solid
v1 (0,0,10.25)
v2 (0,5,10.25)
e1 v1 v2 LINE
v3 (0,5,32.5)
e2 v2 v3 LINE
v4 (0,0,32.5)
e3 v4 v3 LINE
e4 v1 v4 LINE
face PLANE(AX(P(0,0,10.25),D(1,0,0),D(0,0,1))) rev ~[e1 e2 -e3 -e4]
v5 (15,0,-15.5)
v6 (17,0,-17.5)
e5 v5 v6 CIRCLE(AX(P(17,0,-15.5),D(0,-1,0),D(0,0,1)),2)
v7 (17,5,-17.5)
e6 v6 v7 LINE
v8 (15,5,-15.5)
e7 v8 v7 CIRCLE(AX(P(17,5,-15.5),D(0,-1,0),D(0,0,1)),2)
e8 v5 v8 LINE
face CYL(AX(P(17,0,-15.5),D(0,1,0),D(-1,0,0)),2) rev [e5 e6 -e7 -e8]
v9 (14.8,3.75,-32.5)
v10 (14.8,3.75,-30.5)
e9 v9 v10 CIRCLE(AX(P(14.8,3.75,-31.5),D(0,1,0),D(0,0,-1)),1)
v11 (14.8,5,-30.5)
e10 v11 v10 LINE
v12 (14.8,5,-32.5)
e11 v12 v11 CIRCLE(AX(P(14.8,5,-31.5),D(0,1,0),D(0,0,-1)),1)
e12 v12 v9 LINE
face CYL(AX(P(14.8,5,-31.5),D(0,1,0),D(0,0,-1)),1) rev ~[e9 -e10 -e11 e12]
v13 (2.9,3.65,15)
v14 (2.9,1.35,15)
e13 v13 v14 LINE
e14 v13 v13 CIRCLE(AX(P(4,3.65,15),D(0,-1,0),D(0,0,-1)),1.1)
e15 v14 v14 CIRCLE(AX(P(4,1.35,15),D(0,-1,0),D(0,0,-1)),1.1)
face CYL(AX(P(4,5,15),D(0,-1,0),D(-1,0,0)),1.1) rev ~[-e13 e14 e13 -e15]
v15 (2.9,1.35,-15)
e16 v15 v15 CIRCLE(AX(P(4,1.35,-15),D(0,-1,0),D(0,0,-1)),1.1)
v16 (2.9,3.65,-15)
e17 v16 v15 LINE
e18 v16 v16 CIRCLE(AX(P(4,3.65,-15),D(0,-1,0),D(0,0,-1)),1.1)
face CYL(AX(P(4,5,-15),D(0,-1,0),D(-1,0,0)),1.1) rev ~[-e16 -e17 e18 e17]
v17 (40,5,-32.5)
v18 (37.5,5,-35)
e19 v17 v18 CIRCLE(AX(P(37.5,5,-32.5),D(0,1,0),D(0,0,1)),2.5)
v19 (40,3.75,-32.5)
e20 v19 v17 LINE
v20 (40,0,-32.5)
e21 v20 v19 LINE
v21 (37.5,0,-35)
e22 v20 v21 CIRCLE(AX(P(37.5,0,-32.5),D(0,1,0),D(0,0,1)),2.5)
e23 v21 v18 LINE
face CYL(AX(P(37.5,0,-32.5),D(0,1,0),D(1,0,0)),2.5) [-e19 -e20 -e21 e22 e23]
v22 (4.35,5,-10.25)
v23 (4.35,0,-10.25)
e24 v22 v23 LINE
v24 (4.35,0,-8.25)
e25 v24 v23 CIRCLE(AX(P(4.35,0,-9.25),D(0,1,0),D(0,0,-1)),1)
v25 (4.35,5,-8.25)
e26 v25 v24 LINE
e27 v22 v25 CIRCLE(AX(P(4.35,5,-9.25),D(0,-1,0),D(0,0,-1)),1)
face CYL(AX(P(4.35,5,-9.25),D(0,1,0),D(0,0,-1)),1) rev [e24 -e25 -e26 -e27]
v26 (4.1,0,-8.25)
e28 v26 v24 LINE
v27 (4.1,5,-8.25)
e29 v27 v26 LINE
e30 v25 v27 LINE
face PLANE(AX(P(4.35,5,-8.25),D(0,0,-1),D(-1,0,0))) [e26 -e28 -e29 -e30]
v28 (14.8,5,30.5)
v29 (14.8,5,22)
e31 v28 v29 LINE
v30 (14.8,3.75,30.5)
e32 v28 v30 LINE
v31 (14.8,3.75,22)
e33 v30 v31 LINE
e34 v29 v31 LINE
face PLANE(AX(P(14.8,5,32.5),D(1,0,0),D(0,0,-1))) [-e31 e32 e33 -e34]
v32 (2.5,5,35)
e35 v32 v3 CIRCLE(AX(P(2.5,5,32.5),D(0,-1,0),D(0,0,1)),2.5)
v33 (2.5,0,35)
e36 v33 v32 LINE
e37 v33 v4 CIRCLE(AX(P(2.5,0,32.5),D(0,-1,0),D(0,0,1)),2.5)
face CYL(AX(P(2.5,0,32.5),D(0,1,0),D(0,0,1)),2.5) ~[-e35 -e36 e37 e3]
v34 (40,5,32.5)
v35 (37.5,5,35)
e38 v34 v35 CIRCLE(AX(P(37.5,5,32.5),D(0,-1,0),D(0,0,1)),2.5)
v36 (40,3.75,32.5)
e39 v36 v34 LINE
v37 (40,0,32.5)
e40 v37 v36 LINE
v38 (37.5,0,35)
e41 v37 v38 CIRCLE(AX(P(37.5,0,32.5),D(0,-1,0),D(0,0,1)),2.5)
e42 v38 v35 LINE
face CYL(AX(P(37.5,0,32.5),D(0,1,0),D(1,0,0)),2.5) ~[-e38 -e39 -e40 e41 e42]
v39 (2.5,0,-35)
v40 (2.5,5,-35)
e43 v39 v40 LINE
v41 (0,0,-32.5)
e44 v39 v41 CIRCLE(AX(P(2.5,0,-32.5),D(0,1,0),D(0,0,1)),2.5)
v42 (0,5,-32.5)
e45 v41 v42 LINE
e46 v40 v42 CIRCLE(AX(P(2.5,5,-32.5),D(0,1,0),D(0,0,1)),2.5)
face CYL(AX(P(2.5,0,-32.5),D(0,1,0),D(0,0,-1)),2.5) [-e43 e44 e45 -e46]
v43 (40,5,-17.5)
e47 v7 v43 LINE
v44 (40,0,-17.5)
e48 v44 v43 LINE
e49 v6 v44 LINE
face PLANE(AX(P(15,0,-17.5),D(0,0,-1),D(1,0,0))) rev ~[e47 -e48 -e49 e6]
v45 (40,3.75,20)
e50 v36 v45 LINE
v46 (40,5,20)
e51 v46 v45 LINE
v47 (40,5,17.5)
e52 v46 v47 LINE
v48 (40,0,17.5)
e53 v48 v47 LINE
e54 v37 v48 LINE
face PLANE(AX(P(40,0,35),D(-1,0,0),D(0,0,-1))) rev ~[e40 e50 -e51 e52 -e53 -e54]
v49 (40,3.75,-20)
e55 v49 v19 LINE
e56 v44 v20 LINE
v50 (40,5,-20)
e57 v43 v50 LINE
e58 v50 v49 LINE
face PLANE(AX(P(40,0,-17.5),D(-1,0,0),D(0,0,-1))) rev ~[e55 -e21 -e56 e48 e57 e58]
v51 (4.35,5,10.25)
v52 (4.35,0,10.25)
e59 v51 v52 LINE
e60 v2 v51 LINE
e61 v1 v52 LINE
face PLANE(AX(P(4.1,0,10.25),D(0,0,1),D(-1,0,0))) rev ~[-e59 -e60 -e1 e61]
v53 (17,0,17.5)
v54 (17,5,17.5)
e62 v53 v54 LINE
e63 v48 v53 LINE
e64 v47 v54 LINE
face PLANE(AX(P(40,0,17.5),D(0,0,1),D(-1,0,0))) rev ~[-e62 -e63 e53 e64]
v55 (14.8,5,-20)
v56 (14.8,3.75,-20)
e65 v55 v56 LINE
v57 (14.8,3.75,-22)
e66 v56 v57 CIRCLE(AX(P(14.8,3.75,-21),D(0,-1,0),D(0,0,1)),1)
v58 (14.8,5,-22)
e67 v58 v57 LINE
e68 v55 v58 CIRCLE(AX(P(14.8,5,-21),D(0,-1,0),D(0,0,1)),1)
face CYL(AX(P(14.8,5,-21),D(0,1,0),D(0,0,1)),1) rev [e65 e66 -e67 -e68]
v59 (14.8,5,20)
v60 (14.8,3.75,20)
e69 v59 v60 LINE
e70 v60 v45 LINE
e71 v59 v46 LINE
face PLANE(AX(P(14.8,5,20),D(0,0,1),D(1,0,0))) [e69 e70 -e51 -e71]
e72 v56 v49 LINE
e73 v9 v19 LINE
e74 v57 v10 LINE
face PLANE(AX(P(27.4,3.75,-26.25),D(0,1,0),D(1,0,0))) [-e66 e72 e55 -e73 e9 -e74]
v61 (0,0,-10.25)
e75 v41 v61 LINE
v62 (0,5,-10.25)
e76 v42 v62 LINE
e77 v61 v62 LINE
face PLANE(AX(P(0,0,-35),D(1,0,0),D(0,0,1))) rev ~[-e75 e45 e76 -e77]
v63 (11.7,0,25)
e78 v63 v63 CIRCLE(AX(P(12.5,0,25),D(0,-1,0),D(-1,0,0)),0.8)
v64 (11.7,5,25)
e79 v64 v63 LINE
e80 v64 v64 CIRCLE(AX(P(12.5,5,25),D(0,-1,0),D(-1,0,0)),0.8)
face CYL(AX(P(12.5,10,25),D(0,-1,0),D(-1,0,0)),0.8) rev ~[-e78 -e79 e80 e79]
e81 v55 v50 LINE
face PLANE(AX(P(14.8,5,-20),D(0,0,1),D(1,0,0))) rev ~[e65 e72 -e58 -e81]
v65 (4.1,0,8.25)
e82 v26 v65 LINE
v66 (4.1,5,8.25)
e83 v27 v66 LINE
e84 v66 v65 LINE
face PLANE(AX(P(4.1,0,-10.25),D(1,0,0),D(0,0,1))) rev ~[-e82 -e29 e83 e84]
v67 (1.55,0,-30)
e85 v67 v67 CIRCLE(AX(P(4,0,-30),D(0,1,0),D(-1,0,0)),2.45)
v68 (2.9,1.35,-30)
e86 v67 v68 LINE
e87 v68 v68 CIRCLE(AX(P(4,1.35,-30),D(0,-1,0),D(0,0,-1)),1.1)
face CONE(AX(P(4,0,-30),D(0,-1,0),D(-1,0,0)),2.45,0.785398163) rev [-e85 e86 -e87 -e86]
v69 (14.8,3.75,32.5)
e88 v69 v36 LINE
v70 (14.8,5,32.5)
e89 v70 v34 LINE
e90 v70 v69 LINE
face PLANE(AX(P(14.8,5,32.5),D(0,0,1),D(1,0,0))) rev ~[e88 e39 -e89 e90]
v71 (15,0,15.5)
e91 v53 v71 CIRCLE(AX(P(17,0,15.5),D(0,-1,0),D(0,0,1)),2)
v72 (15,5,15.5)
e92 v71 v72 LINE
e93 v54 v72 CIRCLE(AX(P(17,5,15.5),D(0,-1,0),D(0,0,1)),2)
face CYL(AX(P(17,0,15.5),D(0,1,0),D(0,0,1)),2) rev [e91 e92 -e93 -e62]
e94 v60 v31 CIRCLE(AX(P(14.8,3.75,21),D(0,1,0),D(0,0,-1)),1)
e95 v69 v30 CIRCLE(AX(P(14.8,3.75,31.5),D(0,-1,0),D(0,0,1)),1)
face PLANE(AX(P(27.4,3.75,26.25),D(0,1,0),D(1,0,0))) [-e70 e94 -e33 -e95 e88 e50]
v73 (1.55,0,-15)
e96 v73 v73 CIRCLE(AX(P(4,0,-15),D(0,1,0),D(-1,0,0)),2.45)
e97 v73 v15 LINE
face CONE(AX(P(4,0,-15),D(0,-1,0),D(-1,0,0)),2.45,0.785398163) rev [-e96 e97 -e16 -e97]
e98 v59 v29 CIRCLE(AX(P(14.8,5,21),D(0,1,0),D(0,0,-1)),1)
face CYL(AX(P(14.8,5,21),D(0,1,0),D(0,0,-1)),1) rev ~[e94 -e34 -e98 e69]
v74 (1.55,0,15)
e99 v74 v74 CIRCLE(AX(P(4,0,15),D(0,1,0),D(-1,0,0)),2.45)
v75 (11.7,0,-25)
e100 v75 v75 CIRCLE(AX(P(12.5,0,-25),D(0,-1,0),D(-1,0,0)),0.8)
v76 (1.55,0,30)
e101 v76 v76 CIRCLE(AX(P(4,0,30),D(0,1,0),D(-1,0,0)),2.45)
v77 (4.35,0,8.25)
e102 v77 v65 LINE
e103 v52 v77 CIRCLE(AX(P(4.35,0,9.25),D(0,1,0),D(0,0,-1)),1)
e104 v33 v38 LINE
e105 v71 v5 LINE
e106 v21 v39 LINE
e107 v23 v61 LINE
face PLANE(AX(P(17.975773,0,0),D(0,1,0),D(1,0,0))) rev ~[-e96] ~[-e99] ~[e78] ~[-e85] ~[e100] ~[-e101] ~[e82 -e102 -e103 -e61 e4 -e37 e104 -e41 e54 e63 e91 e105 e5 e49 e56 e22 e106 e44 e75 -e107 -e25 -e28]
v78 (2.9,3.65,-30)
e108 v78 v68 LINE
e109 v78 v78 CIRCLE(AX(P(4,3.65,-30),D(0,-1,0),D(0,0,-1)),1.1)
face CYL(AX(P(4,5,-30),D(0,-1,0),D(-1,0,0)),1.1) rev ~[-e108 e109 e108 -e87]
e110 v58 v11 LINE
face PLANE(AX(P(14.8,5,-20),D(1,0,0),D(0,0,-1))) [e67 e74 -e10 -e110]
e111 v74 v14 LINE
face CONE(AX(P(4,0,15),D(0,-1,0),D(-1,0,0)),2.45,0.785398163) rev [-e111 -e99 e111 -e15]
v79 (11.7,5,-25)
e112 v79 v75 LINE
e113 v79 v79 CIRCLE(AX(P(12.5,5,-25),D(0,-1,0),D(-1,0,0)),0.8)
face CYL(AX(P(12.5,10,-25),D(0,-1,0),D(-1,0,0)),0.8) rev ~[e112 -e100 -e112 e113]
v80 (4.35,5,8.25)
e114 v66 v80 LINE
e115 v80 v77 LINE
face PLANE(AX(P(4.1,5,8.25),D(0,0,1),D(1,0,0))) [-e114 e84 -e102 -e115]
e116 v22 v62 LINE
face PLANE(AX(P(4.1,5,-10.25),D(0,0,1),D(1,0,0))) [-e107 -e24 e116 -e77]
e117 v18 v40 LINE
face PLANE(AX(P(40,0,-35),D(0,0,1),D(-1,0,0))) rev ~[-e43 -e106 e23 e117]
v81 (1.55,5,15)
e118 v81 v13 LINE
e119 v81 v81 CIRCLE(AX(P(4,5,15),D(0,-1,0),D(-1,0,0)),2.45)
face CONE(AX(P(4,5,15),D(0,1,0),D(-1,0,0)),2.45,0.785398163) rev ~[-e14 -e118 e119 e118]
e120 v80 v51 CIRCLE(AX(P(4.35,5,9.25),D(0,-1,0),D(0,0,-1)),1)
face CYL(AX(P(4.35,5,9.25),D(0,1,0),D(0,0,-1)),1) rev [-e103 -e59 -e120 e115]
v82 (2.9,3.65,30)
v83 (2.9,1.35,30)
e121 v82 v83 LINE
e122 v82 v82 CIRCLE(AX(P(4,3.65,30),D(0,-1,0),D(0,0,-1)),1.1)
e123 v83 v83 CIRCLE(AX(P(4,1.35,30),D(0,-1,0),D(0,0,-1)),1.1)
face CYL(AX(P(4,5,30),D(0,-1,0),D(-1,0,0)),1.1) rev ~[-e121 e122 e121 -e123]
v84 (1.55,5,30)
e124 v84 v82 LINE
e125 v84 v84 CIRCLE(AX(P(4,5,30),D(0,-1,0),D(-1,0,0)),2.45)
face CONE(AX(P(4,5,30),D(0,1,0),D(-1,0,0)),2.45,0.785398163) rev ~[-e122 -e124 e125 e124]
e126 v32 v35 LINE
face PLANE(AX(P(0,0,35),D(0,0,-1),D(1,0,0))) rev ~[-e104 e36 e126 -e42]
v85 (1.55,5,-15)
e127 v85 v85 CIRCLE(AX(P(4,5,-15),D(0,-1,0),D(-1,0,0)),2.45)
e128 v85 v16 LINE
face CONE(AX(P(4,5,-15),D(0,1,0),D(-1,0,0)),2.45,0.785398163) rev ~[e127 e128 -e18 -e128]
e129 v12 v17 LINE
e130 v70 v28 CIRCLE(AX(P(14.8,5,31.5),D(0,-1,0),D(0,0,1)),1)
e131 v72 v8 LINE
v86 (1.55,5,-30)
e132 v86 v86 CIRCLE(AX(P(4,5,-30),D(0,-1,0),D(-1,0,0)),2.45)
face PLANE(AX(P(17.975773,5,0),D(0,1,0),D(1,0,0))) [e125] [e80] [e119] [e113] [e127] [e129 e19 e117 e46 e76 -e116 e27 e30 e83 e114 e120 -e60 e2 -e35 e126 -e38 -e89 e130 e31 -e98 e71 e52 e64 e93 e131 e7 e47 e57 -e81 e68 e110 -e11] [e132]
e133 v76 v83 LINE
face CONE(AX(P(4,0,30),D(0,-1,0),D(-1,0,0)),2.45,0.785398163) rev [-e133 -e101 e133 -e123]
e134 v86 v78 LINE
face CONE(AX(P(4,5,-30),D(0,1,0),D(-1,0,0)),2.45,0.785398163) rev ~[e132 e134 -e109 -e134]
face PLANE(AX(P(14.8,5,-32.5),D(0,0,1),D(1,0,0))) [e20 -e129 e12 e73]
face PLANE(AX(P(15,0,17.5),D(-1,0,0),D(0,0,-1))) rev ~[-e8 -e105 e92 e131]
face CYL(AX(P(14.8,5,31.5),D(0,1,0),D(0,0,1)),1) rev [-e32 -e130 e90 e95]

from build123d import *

# Parameters (mm, degrees)
BOSS_EXTRUDE1_DEPTH                                 = 5
FILLET1_R                                           = 2
FILLET2_R                                           = 2.5
CUT_EXTRUDE2_REACH                                  = 7
CSK_FOR_M2_COUNTERSUNK_FLAT_HEAD_SCREW1_D           = 2.2
CSK_FOR_M2_COUNTERSUNK_FLAT_HEAD_SCREW1_DEPTH       = 5
CSK_FOR_M2_COUNTERSUNK_FLAT_HEAD_SCREW1_CSINK_D     = 4.9
CSK_FOR_M2_COUNTERSUNK_FLAT_HEAD_SCREW1_CSINK_ANGLE = 90
M2_TAPPED_HOLE1_D                                   = 1.6
M2_TAPPED_HOLE1_DEPTH                               = 5
SKETCH9_W                                           = 25.2
SKETCH9_H                                           = 12.5
CUT_EXTRUDE3_DEPTH                                  = 1.25
CUT_EXTRUDE4_DEPTH                                  = 1.25


with BuildPart() as part:
    # Sketch1 → Boss-Extrude1 (new body)
    with BuildSketch(Plane(origin=(0, 0, 0), x_dir=(1, 0, 0), z_dir=(0, 1, 0))):
        Polygon((0, 35), (0, 10.25), (4.1, 10.25), (4.1, -10.25), (0, -10.25), (0, -35), (40, -35), (40, -17.5), (15, -17.5), (15, 17.5), (40, 17.5), (40, 35), align=None)
    extrude(amount=BOSS_EXTRUDE1_DEPTH)

    # Fillet1
    fillet1_edges = [part.edges().sort_by_distance(p)[0] for p in [
        (15, 2.5, -17.5),
        (15, 2.5, 17.5),
    ]]
    fillet(fillet1_edges, radius=FILLET1_R)

    # Fillet2
    fillet2_edges = [part.edges().sort_by_distance(p)[0] for p in [
        (0, 2.5, -35),
        (40, 2.5, -35),
        (40, 2.5, 35),
        (0, 2.5, 35),
    ]]
    fillet(fillet2_edges, radius=FILLET2_R)

    # Sketch3 → Cut-Extrude2 (cut, up to next)
    with BuildSketch(Plane(origin=(0, 5, 0), x_dir=(1, 0, 0), z_dir=(0, 1, 0)), mode=Mode.PRIVATE) as cut_extrude2_sk1:
        with BuildLine():
            Line((4.1, 10.25), (4.35, 10.25))
            ThreePointArc((4.35, 10.25), (5.35, 9.25), (4.35, 8.25))
            Line((4.35, 8.25), (4.1, 8.25))
            Line((4.1, 8.25), (4.1, 10.25))
        make_face()
    cut_extrude2_tool1 = extrude(cut_extrude2_sk1.sketch, amount=-CUT_EXTRUDE2_REACH, mode=Mode.PRIVATE) & part.part
    add(cut_extrude2_tool1.solids().sort_by_distance((4.641756, 5, -9.25))[0], mode=Mode.SUBTRACT)
    # Sketch3 → Cut-Extrude2 (cut, up to next)
    with BuildSketch(Plane(origin=(0, 5, 0), x_dir=(1, 0, 0), z_dir=(0, 1, 0)), mode=Mode.PRIVATE) as cut_extrude2_sk2:
        with BuildLine():
            Line((4.1, -10.25), (4.1, -8.25))
            Line((4.1, -8.25), (4.35, -8.25))
            ThreePointArc((4.35, -8.25), (5.35, -9.25), (4.35, -10.25))
            Line((4.35, -10.25), (4.1, -10.25))
        make_face()
    cut_extrude2_tool2 = extrude(cut_extrude2_sk2.sketch, amount=-CUT_EXTRUDE2_REACH, mode=Mode.PRIVATE) & part.part
    add(cut_extrude2_tool2.solids().sort_by_distance((4.641756, 5, 9.25))[0], mode=Mode.SUBTRACT)

    # CSK for M2 Countersunk Flat Head Screw1
    with Locations(Plane(origin=(0, 5, 0), x_dir=(1, 0, 0), z_dir=(0, 1, 0))):
        with Locations((4, 30), (4, 15), (4, -15), (4, -30)):
            csk_for_m2_countersunk_flat_head_screw1 = CounterSinkHole(CSK_FOR_M2_COUNTERSUNK_FLAT_HEAD_SCREW1_D / 2, CSK_FOR_M2_COUNTERSUNK_FLAT_HEAD_SCREW1_CSINK_D / 2, depth=CSK_FOR_M2_COUNTERSUNK_FLAT_HEAD_SCREW1_DEPTH, counter_sink_angle=CSK_FOR_M2_COUNTERSUNK_FLAT_HEAD_SCREW1_CSINK_ANGLE)

    # M2 Tapped Hole1
    with Locations(Plane(origin=(0, 5, 0), x_dir=(1, 0, 0), z_dir=(0, 1, 0))):
        with Locations((12.5, -25), (12.5, 25)):
            Hole(M2_TAPPED_HOLE1_D / 2, depth=M2_TAPPED_HOLE1_DEPTH)

    # Sketch9 → Cut-Extrude3 (cut)
    with BuildSketch(Plane(origin=(0, 5, 0), x_dir=(1, 0, 0), z_dir=(0, 1, 0))):
        with Locations((27.4, 26.25)):
            Rectangle(SKETCH9_W, SKETCH9_H)
        with Locations((27.4, -26.25)):
            Rectangle(SKETCH9_W, SKETCH9_H)
    extrude(amount=-CUT_EXTRUDE3_DEPTH, mode=Mode.SUBTRACT)

    # Sketch10 → Cut-Extrude4 (cut)
    with BuildSketch(Plane(origin=(0, 5, 0), x_dir=(1, 0, 0), z_dir=(0, 1, 0))):
        with BuildLine():
            Line((14.8, 22), (14.8, 20))
            ThreePointArc((14.8, 20), (13.8, 21), (14.8, 22))
        make_face()
        with BuildLine():
            Line((14.8, 30.5), (14.8, 32.5))
            ThreePointArc((14.8, 32.5), (13.8, 31.5), (14.8, 30.5))
        make_face()
    cut_extrude4 = extrude(amount=-CUT_EXTRUDE4_DEPTH, mode=Mode.SUBTRACT)

    # Mirror1: CSK for M2 Countersunk Flat Head Screw1 across plane
    add(csk_for_m2_countersunk_flat_head_screw1.mirror(Plane(origin=(0, 2.5, 0), x_dir=(0, 0, 1), z_dir=(0, -1, 0))), mode=Mode.SUBTRACT)

    # Mirror2: Cut-Extrude4 across plane
    add(cut_extrude4.mirror(Plane.XY), mode=Mode.SUBTRACT)


solid = part.part
